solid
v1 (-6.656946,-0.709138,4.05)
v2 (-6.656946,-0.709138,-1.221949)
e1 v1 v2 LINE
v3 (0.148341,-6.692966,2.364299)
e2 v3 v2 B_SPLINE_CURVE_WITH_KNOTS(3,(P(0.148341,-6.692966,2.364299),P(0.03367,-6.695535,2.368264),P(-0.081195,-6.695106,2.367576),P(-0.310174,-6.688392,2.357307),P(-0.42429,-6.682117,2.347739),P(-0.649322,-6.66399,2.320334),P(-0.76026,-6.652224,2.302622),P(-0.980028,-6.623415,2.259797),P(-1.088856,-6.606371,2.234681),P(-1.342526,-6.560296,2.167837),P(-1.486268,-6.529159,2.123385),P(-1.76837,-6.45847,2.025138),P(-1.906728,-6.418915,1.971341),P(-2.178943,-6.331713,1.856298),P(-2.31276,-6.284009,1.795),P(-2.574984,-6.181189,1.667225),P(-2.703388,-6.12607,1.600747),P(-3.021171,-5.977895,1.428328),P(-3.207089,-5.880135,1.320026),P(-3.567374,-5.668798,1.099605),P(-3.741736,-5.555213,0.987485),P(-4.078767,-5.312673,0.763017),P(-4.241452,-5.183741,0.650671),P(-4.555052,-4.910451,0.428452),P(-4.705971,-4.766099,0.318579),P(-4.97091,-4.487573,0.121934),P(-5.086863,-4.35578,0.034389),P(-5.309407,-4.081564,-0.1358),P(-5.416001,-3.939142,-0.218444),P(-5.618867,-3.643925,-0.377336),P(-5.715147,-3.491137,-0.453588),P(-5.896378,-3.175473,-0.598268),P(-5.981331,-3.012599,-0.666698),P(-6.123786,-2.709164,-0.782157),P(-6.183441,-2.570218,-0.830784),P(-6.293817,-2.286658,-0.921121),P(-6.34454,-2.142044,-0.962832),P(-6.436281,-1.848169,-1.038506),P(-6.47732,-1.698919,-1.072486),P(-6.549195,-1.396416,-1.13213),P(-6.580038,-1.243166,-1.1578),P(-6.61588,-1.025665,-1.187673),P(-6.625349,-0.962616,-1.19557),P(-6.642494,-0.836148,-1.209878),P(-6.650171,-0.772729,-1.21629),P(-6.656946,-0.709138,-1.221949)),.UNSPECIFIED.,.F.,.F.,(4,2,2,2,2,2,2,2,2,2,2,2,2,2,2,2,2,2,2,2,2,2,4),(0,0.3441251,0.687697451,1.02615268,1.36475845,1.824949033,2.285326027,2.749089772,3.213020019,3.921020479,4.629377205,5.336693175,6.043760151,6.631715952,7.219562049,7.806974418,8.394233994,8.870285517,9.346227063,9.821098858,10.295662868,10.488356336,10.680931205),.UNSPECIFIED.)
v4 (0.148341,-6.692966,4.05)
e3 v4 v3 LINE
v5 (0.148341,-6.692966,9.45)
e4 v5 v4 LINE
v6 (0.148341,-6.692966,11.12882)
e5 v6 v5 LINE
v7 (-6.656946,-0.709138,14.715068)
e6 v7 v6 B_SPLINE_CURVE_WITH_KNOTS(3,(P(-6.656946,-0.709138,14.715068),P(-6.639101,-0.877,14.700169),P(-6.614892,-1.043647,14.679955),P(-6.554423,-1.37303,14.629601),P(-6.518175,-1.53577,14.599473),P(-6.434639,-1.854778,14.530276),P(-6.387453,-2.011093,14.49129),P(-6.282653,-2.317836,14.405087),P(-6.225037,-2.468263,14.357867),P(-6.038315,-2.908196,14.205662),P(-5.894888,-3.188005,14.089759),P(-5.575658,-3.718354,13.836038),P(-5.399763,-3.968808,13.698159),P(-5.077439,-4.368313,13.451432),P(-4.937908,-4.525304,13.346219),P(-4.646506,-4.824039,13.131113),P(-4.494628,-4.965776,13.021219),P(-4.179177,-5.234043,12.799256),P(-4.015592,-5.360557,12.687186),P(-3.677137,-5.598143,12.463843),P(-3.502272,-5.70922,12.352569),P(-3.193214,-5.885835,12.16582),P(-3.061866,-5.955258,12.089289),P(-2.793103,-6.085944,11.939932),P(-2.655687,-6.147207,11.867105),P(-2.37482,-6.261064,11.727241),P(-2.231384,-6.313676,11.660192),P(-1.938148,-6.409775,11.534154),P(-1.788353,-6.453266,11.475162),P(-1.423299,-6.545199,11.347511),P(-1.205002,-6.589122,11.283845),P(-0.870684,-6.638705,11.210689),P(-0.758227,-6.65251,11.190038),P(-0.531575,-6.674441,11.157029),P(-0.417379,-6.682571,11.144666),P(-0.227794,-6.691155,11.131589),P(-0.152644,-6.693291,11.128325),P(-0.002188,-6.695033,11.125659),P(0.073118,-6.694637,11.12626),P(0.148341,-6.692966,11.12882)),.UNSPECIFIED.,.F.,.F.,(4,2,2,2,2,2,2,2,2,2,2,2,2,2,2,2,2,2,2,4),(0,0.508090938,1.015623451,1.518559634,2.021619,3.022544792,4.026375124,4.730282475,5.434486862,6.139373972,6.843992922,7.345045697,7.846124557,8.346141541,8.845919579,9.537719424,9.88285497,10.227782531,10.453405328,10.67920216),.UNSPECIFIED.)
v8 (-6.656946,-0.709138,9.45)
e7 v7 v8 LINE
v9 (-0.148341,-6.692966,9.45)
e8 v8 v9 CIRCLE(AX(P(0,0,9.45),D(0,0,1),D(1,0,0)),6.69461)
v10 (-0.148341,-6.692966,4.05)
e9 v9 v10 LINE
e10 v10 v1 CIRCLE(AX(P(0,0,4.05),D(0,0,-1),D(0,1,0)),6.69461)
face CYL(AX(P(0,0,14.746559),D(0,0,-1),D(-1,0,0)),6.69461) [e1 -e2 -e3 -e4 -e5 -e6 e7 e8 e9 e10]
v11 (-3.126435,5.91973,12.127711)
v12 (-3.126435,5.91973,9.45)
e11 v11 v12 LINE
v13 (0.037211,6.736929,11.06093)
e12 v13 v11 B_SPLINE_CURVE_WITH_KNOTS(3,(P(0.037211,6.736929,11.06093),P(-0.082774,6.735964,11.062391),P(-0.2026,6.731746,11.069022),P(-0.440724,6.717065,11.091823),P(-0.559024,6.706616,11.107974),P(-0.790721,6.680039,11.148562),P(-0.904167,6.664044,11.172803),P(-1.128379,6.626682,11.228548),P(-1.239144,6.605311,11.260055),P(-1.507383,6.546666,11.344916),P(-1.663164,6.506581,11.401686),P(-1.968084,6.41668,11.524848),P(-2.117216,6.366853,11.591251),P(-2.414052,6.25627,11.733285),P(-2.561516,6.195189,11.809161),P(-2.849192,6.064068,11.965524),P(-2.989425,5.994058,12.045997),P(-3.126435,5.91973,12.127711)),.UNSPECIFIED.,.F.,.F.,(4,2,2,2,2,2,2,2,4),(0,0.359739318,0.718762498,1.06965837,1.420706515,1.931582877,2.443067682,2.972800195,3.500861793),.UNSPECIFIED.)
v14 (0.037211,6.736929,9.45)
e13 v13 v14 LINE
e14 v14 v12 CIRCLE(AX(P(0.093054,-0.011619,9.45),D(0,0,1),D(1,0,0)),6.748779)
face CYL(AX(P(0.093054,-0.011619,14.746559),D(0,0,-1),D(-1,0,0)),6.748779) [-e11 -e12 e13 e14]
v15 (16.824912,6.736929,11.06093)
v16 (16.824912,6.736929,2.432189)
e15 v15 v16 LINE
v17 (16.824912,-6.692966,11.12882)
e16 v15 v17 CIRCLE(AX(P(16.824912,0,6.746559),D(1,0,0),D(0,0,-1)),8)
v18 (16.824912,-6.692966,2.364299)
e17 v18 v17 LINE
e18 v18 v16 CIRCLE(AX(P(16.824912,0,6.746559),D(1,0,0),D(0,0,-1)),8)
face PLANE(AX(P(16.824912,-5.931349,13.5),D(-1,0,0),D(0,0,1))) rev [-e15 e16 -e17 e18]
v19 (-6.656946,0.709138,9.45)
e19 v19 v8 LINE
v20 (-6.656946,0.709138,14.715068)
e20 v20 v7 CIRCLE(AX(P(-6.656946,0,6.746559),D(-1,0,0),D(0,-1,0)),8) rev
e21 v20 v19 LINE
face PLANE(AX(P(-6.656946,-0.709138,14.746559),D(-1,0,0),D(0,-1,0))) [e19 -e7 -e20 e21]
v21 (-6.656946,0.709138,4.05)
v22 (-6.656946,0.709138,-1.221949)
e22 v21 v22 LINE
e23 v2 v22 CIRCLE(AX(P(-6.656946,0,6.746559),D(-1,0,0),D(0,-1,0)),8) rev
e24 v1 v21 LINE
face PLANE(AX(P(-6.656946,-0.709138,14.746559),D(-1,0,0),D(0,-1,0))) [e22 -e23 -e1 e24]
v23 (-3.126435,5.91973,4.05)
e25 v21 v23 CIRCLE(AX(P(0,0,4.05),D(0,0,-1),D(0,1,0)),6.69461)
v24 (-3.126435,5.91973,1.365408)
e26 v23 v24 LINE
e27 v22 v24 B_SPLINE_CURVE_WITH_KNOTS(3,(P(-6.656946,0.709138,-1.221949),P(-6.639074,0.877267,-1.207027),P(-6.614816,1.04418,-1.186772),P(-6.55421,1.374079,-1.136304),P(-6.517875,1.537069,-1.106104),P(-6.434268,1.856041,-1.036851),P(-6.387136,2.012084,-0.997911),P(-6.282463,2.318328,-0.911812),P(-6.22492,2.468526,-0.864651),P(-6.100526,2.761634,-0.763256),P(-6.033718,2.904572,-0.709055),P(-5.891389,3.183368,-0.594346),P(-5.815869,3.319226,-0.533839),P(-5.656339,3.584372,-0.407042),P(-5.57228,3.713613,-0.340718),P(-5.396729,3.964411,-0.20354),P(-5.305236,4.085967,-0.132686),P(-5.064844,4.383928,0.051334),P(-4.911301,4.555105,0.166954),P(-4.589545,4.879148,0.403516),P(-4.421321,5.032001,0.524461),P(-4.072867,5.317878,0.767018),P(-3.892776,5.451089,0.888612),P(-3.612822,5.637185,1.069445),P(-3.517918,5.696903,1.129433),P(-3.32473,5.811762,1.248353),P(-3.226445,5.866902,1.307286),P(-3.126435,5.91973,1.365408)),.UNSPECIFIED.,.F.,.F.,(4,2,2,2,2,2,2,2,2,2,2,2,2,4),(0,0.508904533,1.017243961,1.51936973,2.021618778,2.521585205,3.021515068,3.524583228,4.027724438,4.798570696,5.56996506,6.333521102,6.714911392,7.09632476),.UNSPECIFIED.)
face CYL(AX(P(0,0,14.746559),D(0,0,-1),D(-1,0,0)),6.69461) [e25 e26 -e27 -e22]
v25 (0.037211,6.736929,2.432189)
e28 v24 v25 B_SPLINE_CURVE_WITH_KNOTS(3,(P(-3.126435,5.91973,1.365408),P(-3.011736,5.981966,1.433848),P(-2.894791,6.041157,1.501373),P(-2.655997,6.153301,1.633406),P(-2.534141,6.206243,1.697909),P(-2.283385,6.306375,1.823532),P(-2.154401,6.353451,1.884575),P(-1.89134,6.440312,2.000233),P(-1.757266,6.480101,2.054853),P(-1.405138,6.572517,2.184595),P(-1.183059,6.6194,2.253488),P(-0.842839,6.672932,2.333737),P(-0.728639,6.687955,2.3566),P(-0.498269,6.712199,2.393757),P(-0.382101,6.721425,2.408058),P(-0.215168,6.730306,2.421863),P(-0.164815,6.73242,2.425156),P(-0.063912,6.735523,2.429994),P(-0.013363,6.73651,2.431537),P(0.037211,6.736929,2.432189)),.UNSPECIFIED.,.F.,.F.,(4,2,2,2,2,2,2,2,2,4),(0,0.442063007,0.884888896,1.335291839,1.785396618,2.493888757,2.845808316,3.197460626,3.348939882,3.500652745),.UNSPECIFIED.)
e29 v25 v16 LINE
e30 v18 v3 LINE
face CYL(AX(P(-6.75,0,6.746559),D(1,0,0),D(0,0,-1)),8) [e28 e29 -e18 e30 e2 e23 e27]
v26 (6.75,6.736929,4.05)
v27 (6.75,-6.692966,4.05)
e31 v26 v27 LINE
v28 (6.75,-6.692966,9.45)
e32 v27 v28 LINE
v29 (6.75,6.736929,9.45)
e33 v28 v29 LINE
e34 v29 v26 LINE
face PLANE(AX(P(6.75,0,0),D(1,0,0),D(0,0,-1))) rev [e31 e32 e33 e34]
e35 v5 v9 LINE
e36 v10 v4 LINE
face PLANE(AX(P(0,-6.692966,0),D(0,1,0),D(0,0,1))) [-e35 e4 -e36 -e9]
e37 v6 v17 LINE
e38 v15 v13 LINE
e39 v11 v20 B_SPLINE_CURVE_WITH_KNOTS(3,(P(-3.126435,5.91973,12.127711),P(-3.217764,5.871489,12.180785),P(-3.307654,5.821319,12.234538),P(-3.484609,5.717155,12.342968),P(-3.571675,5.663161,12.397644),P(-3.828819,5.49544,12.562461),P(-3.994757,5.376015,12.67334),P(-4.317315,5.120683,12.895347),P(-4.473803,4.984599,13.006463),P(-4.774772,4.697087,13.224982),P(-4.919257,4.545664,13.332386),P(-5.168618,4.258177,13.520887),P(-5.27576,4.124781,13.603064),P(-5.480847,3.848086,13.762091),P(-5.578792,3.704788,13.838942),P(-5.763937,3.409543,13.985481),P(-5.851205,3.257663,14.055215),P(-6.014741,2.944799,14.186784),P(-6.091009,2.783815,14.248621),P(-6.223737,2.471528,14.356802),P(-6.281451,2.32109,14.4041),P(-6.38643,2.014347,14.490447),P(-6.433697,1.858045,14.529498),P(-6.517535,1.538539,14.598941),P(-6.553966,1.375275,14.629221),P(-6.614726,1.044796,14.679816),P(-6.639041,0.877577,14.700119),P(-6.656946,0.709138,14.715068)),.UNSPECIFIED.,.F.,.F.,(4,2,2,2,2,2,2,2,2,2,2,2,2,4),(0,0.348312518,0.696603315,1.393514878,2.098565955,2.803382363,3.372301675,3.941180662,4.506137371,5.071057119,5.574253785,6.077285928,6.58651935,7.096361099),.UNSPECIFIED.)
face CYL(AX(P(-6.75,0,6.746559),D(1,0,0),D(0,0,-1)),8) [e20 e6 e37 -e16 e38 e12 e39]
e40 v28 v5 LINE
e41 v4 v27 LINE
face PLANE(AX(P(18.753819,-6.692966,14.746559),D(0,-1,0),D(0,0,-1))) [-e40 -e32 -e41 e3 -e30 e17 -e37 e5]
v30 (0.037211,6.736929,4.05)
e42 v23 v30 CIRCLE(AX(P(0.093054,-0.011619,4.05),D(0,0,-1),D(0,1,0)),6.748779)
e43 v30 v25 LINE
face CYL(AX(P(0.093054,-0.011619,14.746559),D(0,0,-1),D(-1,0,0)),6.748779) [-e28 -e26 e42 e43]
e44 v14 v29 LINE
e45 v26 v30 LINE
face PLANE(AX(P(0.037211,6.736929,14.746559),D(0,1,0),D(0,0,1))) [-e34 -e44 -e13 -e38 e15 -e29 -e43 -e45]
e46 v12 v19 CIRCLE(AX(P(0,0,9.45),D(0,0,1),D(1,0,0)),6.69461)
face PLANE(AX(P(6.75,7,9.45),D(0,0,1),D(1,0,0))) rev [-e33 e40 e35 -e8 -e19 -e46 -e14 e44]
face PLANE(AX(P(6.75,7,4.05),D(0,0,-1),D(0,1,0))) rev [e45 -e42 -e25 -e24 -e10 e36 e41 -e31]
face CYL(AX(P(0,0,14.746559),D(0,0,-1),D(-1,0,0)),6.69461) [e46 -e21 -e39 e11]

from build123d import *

# Parameters (mm, degrees)
BOSS_EXTRUDE1_DEPTH = 13.5
SKETCH2_W           = 5.4
SKETCH2_H           = 14
CUT_EXTRUDE1_DEPTH  = 13.5
SKETCH3_R           = 12.152813435
SKETCH3_R_2         = 8
CUT_EXTRUDE2_DEPTH  = 24.574911634
BOSS_EXTRUDE2_DEPTH = 32.5
CUT_EXTRUDE4_DEPTH  = 25.746559571
SKETCH8_W           = 15.715396091
SKETCH8_H           = 5.4
CUT_EXTRUDE5_DEPTH  = 23.5


with BuildPart() as part:
    # Sketch1 → Boss-Extrude1 (new body)
    with BuildSketch(Plane.XY):
        with BuildLine():
            Line((-6.75, 0.697518811), (-6.75, -0.720756429))
            ThreePointArc((-6.75, -0.720756429), (-5.635274328, -3.766828408), (-3.219489146, -5.931349089))
            Line((-3.219489146, -5.931349089), (16.824911634, -5.931349089))
            Line((16.824911634, -5.931349089), (16.824911634, 5.931349089))
            Line((16.824911634, 5.931349089), (-3.175088366, 5.931349089))
            ThreePointArc((-3.175088366, 5.931349089), (-5.621180267, 3.764308263), (-6.75, 0.697518811))
        make_face()
    extrude(amount=BOSS_EXTRUDE1_DEPTH)

    # Sketch2 → Cut-Extrude1 (cut)
    with BuildSketch(Plane.ZY.offset(6.75)):
        with Locations((6.75, 0)):
            Rectangle(SKETCH2_W, SKETCH2_H)
    extrude(amount=-CUT_EXTRUDE1_DEPTH, mode=Mode.SUBTRACT)

    # Sketch3 → Cut-Extrude2 (cut, through all)
    with BuildSketch(Plane(origin=(16.824911634, 0, 0), x_dir=(0, 0, -1), z_dir=(1, 0, 0))):
        with Locations((-6.746559471, 0)):
            Circle(SKETCH3_R)
        with Locations((-6.746559471, 0)):
            Circle(SKETCH3_R_2, mode=Mode.SUBTRACT)
    extrude(amount=-CUT_EXTRUDE2_DEPTH, mode=Mode.SUBTRACT)

    # Sketch4 → Boss-Extrude2 (add)
    with BuildSketch(Plane(origin=(16.824911634, 0, 0), x_dir=(0, 0, -1), z_dir=(1, 0, 0))):
        with BuildLine():
            Line((-1.37821727, -5.931349089), (-12.114901672, -5.931349089))
            ThreePointArc((-12.114901672, -5.931349089), (-6.746559471, -8), (-1.37821727, -5.931349089))
        make_face()
        with BuildLine():
            Line((-13.5, -4.288477704), (-13.5, 4.288477704))
            ThreePointArc((-13.5, 4.288477704), (-14.746559471, 0), (-13.5, -4.288477704))
        make_face()
        with BuildLine():
            ThreePointArc((-1.37821727, 5.931349089), (-6.746559471, 8), (-12.114901672, 5.931349089))
            Line((-12.114901672, 5.931349089), (-1.37821727, 5.931349089))
        make_face()
        with BuildLine():
            ThreePointArc((1.253440529, 0), (0.933690387, 2.239143166), (0, 4.299294745))
            Line((0, 4.299294745), (0, -4.299294745))
            ThreePointArc((0, -4.299294745), (0.933690387, -2.239143166), (1.253440529, 0))
        make_face()
    extrude(amount=-BOSS_EXTRUDE2_DEPTH)

    # Sketch7 → Cut-Extrude4 (cut, through all)
    with BuildSketch(Plane.XY.offset(-10)):
        with BuildLine():
            Line((-6.656945588, -0.70913762), (-6.656945588, 0.70913762))
            ThreePointArc((-6.656945588, 0.70913762), (-6.164537152, 2.610801109), (-5.141365169, 4.287675936))
            ThreePointArc((-5.141365169, 4.287675936), (-4.213671695, 5.202189114), (-3.126434734, 5.91973028))
            ThreePointArc((-3.126434734, 5.91973028), (-1.594815167, 6.522683652), (0.037211277, 6.736928732))
            Line((0.037211277, 6.736928732), (17.631347577, 6.736928732))
            Line((17.631347577, 6.736928732), (17.631347577, 9.936708938))
            Line((17.631347577, 9.936708938), (-17.152869805, 9.936708938))
            Line((-17.152869805, 9.936708938), (-17.769305726, -9.133185925))
            Line((-17.769305726, -9.133185925), (18.753818668, -9.133185925))
            Line((18.753818668, -9.133185925), (18.753818668, -6.692966124))
            Line((18.753818668, -6.692966124), (0.148341476, -6.692966124))
            ThreePointArc((0.148341476, -6.692966124), (-1.514021871, -6.521160825), (-3.082033954, -5.942967898))
            ThreePointArc((-3.082033954, -5.942967898), (-4.182346183, -5.227406732), (-5.121896627, -4.310913554))
            ThreePointArc((-5.121896627, -4.310913554), (-6.158610107, -2.62475185), (-6.656945588, -0.70913762))
        make_face()
    extrude(amount=CUT_EXTRUDE4_DEPTH, mode=Mode.SUBTRACT)

    # Sketch8 → Cut-Extrude5 (cut)
    with BuildSketch(Plane.XZ.offset(6.692966124)):
        with Locations((-1.107698046, 6.75)):
            Rectangle(SKETCH8_W, SKETCH8_H)
    extrude(amount=-CUT_EXTRUDE5_DEPTH, mode=Mode.SUBTRACT)


solid = part.part
